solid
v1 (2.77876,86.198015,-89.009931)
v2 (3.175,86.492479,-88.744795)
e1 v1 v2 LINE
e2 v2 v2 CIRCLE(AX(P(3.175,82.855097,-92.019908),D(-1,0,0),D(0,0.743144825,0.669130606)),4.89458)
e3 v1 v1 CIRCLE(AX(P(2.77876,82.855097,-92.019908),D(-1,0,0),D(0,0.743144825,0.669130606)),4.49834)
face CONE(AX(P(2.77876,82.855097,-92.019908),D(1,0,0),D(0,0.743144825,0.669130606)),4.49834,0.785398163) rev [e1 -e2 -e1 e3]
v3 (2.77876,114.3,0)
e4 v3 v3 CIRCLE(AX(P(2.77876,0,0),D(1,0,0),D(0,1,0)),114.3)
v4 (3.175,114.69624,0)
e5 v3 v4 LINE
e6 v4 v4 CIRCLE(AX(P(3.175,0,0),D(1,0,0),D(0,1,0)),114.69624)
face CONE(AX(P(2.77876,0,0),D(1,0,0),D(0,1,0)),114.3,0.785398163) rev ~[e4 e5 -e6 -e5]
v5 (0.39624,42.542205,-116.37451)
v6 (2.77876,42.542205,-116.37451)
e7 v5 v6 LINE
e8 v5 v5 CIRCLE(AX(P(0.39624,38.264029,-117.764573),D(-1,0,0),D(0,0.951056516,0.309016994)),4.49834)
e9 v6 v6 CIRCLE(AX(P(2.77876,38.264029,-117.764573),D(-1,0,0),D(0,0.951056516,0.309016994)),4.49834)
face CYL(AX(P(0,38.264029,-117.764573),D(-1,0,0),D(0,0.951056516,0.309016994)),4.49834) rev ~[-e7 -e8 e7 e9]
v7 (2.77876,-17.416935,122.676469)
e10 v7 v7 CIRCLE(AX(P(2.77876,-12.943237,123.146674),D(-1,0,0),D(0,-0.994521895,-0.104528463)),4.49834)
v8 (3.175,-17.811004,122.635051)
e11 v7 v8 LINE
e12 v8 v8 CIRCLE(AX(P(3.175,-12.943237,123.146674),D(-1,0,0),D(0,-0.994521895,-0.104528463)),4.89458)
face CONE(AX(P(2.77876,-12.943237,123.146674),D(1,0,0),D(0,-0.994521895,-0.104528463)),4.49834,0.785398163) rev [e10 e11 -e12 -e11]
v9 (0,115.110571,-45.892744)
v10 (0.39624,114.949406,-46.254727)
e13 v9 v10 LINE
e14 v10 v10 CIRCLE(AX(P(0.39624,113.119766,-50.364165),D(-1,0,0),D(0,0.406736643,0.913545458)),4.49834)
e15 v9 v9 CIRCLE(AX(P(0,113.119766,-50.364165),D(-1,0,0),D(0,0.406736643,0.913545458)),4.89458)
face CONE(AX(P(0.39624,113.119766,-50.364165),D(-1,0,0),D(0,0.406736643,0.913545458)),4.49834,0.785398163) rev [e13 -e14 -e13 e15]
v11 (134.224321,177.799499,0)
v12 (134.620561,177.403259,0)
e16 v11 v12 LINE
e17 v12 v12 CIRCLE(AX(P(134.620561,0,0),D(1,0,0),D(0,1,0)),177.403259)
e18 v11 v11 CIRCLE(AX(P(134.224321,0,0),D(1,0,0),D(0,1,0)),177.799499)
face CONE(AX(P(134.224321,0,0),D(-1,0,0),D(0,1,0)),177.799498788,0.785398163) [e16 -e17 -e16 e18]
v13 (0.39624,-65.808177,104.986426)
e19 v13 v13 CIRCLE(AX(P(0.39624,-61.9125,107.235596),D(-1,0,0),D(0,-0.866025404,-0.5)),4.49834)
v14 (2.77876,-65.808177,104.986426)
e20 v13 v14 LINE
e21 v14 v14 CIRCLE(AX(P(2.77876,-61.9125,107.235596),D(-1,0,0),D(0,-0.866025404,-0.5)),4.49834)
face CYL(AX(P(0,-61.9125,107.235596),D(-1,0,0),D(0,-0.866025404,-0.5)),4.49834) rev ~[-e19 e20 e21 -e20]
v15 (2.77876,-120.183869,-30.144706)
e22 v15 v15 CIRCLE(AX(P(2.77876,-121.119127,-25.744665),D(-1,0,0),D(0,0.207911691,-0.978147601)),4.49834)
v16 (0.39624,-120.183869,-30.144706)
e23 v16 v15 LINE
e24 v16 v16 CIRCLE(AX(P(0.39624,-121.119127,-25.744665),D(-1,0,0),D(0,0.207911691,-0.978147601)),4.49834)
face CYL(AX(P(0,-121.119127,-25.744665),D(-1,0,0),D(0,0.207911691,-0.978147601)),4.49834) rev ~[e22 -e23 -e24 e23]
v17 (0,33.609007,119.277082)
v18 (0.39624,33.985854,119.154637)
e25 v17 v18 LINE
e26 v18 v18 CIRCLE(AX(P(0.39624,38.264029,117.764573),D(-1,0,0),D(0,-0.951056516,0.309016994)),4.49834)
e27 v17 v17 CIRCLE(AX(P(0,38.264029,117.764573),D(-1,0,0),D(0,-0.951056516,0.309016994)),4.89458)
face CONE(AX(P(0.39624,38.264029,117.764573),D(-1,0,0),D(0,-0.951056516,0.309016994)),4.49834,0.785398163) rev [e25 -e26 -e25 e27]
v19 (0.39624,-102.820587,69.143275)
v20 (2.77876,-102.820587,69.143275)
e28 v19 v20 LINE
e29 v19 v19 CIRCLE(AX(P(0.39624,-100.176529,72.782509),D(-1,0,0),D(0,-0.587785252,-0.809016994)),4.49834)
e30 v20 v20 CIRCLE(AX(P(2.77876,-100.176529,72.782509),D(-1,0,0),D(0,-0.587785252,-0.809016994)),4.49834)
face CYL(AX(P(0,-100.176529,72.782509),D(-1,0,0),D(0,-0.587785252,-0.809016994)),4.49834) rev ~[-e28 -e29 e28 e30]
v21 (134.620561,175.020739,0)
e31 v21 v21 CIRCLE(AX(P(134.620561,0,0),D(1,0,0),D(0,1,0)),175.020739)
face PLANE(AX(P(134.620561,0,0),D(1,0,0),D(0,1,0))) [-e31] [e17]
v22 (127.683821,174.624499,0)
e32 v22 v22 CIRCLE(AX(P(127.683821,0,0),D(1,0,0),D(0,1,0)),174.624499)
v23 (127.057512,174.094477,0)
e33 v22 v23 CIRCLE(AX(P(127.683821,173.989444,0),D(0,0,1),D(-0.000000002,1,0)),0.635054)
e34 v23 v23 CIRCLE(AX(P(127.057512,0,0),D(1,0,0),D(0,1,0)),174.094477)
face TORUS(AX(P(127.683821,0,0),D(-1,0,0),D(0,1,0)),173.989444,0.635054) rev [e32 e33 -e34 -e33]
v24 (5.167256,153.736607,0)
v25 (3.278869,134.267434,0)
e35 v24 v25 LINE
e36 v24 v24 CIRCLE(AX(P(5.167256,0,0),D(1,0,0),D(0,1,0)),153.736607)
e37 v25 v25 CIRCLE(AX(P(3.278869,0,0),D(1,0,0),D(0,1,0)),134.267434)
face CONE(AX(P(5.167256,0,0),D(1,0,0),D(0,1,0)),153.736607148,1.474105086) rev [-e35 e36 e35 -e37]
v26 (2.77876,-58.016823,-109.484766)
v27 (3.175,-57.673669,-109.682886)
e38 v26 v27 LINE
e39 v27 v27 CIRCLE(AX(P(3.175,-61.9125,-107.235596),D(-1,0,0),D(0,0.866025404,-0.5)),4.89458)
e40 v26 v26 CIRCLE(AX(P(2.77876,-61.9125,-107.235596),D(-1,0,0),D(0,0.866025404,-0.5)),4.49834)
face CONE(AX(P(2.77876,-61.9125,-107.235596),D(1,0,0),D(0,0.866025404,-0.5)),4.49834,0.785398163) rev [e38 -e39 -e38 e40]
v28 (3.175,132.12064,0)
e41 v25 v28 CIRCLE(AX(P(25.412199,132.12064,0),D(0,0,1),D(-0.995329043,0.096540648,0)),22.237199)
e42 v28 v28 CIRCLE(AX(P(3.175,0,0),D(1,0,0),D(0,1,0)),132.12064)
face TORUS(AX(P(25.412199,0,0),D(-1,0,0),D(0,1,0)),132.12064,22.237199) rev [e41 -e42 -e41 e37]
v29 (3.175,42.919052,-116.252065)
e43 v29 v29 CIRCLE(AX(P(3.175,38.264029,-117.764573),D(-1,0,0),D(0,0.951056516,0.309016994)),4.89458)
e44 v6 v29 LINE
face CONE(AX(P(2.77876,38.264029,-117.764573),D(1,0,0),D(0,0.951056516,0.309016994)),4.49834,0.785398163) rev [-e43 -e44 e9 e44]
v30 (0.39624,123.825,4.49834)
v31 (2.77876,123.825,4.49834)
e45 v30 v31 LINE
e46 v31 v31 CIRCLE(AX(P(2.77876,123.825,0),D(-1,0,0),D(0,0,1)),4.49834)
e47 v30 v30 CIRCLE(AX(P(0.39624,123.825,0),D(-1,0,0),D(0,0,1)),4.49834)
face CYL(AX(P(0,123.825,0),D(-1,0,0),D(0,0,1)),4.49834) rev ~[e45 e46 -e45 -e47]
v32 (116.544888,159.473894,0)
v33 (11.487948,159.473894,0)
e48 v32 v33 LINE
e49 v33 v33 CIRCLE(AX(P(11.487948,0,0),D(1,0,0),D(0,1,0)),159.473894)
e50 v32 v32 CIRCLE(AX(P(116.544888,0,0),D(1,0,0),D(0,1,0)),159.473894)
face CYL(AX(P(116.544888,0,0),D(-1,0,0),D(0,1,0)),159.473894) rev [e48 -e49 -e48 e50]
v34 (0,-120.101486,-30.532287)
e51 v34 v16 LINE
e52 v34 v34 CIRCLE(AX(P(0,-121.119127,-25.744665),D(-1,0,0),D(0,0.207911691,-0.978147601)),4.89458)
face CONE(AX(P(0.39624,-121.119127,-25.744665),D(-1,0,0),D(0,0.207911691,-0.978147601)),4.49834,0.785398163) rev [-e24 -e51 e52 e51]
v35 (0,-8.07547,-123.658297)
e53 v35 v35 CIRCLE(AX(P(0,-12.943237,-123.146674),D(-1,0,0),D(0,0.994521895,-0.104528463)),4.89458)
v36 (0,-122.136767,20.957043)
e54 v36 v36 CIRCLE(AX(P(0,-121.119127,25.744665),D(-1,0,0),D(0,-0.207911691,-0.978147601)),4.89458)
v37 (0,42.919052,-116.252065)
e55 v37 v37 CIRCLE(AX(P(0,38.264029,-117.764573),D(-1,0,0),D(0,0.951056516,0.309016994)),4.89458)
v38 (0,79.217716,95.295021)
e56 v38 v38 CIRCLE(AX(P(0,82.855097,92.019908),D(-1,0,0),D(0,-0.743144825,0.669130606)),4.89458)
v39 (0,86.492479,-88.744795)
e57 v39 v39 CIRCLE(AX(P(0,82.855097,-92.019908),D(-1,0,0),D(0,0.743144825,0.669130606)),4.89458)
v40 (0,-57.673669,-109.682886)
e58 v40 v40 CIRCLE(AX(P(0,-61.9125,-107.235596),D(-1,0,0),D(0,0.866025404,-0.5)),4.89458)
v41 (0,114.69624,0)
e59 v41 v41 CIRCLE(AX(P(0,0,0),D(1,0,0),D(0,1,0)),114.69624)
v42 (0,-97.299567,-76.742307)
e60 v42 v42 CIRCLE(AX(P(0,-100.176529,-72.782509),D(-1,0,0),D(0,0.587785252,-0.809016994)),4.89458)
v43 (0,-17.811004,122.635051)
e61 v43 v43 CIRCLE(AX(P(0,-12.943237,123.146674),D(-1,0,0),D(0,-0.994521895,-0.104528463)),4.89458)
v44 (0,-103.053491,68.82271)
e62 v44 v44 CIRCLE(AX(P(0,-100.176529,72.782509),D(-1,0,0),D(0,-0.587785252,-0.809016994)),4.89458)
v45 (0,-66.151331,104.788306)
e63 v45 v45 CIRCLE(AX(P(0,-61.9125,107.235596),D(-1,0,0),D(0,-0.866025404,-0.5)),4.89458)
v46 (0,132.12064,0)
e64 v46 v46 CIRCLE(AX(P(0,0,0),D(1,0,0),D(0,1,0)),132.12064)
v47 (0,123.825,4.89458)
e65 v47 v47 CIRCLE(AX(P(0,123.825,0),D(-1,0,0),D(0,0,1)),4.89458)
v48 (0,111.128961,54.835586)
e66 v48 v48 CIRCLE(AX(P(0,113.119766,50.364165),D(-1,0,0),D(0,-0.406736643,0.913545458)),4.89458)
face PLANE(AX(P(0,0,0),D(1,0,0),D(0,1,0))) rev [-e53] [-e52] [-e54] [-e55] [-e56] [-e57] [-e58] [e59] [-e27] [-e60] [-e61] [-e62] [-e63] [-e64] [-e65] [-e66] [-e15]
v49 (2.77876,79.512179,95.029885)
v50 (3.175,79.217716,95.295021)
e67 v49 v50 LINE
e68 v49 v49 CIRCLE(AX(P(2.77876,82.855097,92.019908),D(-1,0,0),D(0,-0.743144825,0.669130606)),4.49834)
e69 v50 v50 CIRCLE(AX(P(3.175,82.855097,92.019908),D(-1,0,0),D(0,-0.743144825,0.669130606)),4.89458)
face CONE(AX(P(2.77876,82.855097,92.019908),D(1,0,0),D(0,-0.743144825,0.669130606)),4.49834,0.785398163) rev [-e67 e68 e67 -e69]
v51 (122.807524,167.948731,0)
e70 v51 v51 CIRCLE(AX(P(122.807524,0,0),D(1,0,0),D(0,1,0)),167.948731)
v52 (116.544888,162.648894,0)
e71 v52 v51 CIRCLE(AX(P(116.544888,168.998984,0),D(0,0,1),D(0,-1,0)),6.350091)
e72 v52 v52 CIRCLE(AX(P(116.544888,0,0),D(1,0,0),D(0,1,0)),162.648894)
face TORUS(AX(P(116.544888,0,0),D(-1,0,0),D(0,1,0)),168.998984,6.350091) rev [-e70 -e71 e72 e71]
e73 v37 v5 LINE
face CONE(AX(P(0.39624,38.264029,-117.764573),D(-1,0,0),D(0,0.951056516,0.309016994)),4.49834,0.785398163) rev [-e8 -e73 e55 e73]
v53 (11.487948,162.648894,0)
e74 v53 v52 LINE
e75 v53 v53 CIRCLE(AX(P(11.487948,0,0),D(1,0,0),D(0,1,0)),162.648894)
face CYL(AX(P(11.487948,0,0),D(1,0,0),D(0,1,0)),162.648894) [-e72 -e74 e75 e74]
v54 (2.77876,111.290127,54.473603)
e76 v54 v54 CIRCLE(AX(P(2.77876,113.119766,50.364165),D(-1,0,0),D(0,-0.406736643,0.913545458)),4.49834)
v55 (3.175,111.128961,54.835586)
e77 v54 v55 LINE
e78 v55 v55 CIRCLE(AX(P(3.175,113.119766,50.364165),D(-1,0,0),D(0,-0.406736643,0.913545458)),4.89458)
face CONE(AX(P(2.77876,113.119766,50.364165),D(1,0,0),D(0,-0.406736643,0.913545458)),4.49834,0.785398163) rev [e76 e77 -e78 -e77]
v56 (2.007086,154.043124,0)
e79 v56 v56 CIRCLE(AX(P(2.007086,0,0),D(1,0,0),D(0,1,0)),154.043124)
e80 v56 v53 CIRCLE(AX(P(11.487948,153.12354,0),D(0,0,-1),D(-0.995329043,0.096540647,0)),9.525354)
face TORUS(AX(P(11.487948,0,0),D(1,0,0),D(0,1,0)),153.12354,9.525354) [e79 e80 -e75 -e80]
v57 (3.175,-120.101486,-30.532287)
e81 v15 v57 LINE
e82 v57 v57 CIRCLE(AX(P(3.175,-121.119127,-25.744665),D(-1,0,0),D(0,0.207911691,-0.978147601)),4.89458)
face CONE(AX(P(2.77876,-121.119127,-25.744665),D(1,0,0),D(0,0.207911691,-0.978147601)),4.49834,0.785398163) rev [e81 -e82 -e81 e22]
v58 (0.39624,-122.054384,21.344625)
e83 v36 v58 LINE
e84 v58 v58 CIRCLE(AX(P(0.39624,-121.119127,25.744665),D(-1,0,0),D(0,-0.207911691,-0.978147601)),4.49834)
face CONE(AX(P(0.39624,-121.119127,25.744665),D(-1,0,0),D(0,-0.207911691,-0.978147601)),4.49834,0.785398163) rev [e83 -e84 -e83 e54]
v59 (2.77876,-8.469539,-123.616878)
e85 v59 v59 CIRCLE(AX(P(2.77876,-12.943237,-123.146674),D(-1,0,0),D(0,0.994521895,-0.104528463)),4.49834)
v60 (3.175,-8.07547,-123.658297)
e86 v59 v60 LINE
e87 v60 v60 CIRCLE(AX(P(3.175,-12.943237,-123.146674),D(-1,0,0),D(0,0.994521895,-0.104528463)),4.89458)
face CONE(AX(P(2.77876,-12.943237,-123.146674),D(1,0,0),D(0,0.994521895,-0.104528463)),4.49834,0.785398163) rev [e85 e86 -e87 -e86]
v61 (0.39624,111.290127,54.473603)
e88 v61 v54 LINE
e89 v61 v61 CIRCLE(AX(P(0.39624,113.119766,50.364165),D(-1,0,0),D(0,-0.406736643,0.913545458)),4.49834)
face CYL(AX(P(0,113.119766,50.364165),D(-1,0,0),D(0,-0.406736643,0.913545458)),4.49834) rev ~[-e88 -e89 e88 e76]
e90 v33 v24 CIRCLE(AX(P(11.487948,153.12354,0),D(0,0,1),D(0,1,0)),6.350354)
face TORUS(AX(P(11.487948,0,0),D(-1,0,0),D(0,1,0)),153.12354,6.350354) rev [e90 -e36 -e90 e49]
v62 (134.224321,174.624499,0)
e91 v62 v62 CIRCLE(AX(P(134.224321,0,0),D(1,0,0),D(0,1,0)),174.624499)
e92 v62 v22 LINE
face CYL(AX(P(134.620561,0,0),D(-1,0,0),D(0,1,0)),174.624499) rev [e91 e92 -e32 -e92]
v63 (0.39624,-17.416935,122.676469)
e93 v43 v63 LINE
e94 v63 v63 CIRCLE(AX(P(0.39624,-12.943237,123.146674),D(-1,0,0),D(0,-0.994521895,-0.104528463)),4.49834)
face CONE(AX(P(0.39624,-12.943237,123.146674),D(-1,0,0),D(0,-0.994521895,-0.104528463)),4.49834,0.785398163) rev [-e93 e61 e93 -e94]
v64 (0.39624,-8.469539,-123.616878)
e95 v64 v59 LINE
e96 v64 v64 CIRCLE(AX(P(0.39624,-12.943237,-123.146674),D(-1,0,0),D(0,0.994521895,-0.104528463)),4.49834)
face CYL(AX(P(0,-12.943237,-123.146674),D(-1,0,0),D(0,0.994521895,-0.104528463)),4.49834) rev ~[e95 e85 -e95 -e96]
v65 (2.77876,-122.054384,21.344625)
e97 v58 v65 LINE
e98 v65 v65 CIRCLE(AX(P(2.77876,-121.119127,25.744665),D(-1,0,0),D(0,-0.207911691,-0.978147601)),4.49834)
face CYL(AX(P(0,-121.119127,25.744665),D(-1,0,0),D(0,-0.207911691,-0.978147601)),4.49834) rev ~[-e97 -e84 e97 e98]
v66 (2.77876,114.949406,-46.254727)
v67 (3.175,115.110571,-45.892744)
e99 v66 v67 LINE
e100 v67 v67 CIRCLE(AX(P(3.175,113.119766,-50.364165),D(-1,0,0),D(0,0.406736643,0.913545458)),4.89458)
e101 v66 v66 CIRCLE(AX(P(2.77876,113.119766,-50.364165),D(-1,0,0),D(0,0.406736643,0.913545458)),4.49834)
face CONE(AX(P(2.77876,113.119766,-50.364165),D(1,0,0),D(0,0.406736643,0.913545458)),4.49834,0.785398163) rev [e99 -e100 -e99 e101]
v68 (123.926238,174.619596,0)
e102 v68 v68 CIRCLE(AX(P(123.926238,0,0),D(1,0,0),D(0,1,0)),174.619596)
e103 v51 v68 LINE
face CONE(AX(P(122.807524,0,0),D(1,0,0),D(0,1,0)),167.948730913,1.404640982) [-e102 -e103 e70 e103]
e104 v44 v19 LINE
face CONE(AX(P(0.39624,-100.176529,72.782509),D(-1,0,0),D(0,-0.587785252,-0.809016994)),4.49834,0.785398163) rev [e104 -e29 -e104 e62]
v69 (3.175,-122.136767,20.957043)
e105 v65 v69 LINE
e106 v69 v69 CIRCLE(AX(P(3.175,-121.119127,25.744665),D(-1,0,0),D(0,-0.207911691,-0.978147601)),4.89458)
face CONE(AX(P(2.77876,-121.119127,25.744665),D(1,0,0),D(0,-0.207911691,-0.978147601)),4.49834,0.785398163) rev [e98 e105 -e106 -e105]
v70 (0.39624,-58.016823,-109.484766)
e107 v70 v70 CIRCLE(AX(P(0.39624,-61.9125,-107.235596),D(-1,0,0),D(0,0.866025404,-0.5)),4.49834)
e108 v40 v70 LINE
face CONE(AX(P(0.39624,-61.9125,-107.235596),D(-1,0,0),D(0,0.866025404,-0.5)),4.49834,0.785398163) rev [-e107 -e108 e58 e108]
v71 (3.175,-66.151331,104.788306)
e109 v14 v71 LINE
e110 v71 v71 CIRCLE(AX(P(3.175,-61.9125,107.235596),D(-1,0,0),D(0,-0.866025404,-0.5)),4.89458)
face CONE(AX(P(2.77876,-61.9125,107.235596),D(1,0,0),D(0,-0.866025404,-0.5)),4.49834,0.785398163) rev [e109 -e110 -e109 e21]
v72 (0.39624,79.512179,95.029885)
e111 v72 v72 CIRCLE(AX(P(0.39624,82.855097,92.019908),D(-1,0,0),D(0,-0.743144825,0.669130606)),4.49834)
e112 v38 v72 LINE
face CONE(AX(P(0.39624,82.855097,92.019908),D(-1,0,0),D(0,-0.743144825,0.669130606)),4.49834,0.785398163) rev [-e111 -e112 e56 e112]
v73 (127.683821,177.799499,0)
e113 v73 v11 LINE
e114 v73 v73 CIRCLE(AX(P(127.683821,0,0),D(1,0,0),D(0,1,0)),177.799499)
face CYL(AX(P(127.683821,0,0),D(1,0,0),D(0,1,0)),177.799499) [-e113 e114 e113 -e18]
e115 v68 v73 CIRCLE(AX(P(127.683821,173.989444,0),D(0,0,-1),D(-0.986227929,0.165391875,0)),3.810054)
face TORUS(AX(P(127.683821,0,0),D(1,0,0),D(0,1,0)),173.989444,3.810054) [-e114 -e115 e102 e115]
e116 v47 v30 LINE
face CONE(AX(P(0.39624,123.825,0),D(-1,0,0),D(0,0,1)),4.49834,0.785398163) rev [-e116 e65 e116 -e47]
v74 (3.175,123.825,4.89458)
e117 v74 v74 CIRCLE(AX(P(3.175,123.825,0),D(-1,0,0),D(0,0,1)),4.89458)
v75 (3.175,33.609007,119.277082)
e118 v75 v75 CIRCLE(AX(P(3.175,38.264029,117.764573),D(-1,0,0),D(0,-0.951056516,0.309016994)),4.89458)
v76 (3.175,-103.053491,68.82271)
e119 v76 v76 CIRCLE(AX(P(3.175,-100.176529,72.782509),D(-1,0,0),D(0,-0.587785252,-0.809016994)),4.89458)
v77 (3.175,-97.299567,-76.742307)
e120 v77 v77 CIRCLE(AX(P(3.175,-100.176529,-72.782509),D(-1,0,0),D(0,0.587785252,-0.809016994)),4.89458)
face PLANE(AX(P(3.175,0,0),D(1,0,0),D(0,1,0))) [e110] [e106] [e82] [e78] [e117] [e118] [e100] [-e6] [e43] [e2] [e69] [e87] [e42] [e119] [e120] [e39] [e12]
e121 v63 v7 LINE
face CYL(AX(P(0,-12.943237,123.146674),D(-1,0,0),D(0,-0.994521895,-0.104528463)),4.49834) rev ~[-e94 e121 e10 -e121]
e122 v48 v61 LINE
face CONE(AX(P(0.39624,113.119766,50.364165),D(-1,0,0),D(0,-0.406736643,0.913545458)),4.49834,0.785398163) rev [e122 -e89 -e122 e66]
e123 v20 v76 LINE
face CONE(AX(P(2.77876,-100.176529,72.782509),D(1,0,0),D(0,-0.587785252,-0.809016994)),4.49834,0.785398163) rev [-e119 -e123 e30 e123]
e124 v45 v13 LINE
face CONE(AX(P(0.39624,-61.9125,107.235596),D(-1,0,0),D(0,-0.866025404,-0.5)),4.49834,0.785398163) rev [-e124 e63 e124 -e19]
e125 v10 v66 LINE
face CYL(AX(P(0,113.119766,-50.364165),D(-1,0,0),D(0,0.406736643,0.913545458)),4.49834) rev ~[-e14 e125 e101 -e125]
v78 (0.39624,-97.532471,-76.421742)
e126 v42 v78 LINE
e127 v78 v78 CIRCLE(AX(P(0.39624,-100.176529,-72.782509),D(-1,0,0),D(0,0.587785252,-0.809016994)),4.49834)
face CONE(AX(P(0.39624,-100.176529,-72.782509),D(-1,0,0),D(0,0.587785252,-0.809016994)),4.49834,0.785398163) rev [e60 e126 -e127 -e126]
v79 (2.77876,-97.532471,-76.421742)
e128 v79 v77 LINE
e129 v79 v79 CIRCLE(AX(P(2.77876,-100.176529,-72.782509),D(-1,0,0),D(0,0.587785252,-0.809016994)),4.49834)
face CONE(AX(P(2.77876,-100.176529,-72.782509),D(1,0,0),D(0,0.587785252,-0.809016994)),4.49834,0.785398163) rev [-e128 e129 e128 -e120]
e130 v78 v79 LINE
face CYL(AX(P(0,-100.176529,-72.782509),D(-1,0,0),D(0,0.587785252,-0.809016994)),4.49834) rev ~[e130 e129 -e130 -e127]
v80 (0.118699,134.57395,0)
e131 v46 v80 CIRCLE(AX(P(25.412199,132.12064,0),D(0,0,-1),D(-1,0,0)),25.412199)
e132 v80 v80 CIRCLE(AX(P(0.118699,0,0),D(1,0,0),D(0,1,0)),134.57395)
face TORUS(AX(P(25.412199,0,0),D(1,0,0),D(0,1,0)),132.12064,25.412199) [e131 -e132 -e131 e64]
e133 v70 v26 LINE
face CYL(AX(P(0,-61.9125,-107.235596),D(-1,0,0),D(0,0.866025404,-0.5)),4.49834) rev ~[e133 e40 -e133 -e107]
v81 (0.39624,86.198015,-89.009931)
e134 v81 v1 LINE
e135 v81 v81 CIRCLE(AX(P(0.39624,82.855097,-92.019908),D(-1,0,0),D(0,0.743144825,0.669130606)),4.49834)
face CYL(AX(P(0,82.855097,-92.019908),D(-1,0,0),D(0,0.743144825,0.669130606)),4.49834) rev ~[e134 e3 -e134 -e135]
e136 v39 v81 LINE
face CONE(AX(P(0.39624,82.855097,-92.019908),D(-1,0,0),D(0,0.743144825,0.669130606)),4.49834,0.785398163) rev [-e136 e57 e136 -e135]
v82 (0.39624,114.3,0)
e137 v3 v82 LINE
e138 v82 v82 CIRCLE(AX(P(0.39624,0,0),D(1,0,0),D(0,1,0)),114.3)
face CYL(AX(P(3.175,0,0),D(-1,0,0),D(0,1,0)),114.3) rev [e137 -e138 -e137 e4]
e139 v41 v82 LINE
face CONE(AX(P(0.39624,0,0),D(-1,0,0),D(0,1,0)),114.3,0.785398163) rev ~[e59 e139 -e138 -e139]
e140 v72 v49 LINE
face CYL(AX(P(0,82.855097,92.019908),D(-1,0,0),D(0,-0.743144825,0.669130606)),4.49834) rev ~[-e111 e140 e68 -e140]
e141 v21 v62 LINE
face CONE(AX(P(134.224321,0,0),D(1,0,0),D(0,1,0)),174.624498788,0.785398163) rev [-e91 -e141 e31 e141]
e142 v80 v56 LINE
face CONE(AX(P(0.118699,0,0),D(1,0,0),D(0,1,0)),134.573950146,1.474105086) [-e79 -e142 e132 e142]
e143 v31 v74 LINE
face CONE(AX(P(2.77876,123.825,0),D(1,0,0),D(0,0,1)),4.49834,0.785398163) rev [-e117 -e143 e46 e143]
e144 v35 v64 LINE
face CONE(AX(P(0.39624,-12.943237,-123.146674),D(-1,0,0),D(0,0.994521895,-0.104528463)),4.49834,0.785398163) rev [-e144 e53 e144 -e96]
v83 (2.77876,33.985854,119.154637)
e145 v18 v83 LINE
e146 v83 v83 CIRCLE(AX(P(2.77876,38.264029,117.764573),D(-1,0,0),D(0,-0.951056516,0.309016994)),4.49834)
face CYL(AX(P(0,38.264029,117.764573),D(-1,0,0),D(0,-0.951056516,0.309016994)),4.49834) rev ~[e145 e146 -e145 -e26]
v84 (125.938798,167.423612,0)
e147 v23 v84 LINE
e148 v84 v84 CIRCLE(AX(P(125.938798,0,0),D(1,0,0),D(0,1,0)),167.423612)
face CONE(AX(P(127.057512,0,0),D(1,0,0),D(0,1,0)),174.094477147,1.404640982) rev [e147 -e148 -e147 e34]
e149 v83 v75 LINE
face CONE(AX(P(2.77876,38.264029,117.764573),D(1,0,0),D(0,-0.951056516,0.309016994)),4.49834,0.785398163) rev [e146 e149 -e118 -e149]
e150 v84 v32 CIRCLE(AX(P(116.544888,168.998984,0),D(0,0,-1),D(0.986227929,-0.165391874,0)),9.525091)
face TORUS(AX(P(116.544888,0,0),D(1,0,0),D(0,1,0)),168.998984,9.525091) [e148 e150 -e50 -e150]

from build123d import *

# Parameters (mm, degrees)
SKETCH2_R                   = 4.49834
MOUNTING_HOLE_DEPTH         = 135.620560587
MOUNTING_HOLE_PATTERN_COUNT = 15
EDGE_CHAMFER_SIZE           = 0.39624


with BuildPart() as part:
    # Sketch1 → Outer Rim (revolve)
    with BuildSketch(Plane.XY):
        with BuildLine():
            Line((0, 114.3), (0, 132.12064))
            ThreePointArc((0, 132.12064), (0.02969217, 133.34873), (0.118699294, 134.573950146))
            Line((0.118699294, 134.573950146), (2.007086476, 154.043123701))
            ThreePointArc((2.007086476, 154.043123701), (5.085877569, 160.176614491), (11.487947569, 162.648893514))
            Line((11.487947569, 162.648893514), (116.544887569, 162.648893514))
            ThreePointArc((116.544887569, 162.648893514), (120.646987569, 164.15167281), (122.807524489, 167.948730913))
            Line((122.807524489, 167.948730913), (123.926238435, 174.619596349))
            ThreePointArc((123.926238435, 174.619596349), (125.222560587, 176.89783121), (127.683820587, 177.799498788))
            Line((127.683820587, 177.799498788), (134.620560587, 177.799498788))
            Line((134.620560587, 177.799498788), (134.620560587, 174.624498788))
            Line((134.620560587, 174.624498788), (127.683820587, 174.624498788))
            ThreePointArc((127.683820587, 174.624498788), (127.273581252, 174.474210111), (127.05751211, 174.094477147))
            Line((127.05751211, 174.094477147), (125.938798163, 167.423611711))
            ThreePointArc((125.938798163, 167.423611711), (122.698008234, 161.728051711), (116.544887569, 159.473893514))
            Line((116.544887569, 159.473893514), (11.487947569, 159.473893514))
            ThreePointArc((11.487947569, 159.473893514), (7.21982168, 157.825676906), (5.167256187, 153.736607148))
            Line((5.167256187, 153.736607148), (3.278869005, 134.267433592))
            ThreePointArc((3.278869005, 134.267433592), (3.20098243, 133.195292443), (3.175, 132.12064))
            Line((3.175, 132.12064), (3.175, 114.3))
            Line((3.175, 114.3), (0, 114.3))
        make_face()
    revolve(axis=Axis((-6.731028029, 0, 0), (1, 0, 0)))

    # Sketch2 → Mounting Hole (cut, through all)
    with BuildSketch(Plane.ZY):
        with Locations((0, 123.825)):
            Circle(SKETCH2_R)
    mounting_hole = extrude(amount=-MOUNTING_HOLE_DEPTH, mode=Mode.SUBTRACT)

    # Mounting Hole Pattern: Mounting Hole ×15 about axis
    mounting_hole_pattern_axis = Axis((0, 0, 0), (1, 0, 0))
    for i in range(1, MOUNTING_HOLE_PATTERN_COUNT):
        add(mounting_hole.rotate(mounting_hole_pattern_axis, i * 360 / MOUNTING_HOLE_PATTERN_COUNT), mode=Mode.SUBTRACT)

    # Edge Chamfer
    edge_chamfer_edges = [part.edges().sort_by_distance(p)[0] for p in [
        (3.175, 79.512179238, -95.029884987),
        (0, 79.512179238, -95.029884987),
        (3.175, 111.290126582, -54.473602903),
        (0, 111.290126582, -54.473602903),
        (3.175, -114.3, 0),
        (134.620560587, -174.624498788, 0),
        (134.620560587, -177.799498788, 0),
        (0, -114.3, 0),
        (3.175, 123.825, -4.49834),
        (0, 123.825, -4.49834),
        (3.175, 114.949406004, 46.254726755),
        (0, 114.949406004, 46.254726755),
        (3.175, 86.198015427, 89.009931043),
        (0, 86.198015427, 89.009931043),
        (3.175, 42.542204898, 116.374509624),
        (0, 42.542204898, 116.374509624),
        (3.175, -8.469539341, 123.616878261),
        (0, -8.469539341, 123.616878261),
        (3.175, -58.016823285, 109.484765624),
        (0, -58.016823285, 109.484765624),
        (3.175, -97.532471417, 76.421742372),
        (0, -97.532471417, 76.421742372),
        (3.175, -120.183869186, 30.144705594),
        (0, -120.183869186, 30.144705594),
        (3.175, -122.054384136, -21.344624637),
        (0, -122.054384136, -21.344624637),
        (3.175, -102.82058724, -69.143275359),
        (0, -102.82058724, -69.143275359),
        (3.175, -65.808176715, -104.986425624),
        (0, -65.808176715, -104.986425624),
        (3.175, -17.416934587, -122.676469127),
        (0, -17.416934587, -122.676469127),
        (3.175, 33.985853759, -119.154636637),
        (0, 33.985853759, -119.154636637),
    ]]
    chamfer(edge_chamfer_edges, length=EDGE_CHAMFER_SIZE)


solid = part.part
